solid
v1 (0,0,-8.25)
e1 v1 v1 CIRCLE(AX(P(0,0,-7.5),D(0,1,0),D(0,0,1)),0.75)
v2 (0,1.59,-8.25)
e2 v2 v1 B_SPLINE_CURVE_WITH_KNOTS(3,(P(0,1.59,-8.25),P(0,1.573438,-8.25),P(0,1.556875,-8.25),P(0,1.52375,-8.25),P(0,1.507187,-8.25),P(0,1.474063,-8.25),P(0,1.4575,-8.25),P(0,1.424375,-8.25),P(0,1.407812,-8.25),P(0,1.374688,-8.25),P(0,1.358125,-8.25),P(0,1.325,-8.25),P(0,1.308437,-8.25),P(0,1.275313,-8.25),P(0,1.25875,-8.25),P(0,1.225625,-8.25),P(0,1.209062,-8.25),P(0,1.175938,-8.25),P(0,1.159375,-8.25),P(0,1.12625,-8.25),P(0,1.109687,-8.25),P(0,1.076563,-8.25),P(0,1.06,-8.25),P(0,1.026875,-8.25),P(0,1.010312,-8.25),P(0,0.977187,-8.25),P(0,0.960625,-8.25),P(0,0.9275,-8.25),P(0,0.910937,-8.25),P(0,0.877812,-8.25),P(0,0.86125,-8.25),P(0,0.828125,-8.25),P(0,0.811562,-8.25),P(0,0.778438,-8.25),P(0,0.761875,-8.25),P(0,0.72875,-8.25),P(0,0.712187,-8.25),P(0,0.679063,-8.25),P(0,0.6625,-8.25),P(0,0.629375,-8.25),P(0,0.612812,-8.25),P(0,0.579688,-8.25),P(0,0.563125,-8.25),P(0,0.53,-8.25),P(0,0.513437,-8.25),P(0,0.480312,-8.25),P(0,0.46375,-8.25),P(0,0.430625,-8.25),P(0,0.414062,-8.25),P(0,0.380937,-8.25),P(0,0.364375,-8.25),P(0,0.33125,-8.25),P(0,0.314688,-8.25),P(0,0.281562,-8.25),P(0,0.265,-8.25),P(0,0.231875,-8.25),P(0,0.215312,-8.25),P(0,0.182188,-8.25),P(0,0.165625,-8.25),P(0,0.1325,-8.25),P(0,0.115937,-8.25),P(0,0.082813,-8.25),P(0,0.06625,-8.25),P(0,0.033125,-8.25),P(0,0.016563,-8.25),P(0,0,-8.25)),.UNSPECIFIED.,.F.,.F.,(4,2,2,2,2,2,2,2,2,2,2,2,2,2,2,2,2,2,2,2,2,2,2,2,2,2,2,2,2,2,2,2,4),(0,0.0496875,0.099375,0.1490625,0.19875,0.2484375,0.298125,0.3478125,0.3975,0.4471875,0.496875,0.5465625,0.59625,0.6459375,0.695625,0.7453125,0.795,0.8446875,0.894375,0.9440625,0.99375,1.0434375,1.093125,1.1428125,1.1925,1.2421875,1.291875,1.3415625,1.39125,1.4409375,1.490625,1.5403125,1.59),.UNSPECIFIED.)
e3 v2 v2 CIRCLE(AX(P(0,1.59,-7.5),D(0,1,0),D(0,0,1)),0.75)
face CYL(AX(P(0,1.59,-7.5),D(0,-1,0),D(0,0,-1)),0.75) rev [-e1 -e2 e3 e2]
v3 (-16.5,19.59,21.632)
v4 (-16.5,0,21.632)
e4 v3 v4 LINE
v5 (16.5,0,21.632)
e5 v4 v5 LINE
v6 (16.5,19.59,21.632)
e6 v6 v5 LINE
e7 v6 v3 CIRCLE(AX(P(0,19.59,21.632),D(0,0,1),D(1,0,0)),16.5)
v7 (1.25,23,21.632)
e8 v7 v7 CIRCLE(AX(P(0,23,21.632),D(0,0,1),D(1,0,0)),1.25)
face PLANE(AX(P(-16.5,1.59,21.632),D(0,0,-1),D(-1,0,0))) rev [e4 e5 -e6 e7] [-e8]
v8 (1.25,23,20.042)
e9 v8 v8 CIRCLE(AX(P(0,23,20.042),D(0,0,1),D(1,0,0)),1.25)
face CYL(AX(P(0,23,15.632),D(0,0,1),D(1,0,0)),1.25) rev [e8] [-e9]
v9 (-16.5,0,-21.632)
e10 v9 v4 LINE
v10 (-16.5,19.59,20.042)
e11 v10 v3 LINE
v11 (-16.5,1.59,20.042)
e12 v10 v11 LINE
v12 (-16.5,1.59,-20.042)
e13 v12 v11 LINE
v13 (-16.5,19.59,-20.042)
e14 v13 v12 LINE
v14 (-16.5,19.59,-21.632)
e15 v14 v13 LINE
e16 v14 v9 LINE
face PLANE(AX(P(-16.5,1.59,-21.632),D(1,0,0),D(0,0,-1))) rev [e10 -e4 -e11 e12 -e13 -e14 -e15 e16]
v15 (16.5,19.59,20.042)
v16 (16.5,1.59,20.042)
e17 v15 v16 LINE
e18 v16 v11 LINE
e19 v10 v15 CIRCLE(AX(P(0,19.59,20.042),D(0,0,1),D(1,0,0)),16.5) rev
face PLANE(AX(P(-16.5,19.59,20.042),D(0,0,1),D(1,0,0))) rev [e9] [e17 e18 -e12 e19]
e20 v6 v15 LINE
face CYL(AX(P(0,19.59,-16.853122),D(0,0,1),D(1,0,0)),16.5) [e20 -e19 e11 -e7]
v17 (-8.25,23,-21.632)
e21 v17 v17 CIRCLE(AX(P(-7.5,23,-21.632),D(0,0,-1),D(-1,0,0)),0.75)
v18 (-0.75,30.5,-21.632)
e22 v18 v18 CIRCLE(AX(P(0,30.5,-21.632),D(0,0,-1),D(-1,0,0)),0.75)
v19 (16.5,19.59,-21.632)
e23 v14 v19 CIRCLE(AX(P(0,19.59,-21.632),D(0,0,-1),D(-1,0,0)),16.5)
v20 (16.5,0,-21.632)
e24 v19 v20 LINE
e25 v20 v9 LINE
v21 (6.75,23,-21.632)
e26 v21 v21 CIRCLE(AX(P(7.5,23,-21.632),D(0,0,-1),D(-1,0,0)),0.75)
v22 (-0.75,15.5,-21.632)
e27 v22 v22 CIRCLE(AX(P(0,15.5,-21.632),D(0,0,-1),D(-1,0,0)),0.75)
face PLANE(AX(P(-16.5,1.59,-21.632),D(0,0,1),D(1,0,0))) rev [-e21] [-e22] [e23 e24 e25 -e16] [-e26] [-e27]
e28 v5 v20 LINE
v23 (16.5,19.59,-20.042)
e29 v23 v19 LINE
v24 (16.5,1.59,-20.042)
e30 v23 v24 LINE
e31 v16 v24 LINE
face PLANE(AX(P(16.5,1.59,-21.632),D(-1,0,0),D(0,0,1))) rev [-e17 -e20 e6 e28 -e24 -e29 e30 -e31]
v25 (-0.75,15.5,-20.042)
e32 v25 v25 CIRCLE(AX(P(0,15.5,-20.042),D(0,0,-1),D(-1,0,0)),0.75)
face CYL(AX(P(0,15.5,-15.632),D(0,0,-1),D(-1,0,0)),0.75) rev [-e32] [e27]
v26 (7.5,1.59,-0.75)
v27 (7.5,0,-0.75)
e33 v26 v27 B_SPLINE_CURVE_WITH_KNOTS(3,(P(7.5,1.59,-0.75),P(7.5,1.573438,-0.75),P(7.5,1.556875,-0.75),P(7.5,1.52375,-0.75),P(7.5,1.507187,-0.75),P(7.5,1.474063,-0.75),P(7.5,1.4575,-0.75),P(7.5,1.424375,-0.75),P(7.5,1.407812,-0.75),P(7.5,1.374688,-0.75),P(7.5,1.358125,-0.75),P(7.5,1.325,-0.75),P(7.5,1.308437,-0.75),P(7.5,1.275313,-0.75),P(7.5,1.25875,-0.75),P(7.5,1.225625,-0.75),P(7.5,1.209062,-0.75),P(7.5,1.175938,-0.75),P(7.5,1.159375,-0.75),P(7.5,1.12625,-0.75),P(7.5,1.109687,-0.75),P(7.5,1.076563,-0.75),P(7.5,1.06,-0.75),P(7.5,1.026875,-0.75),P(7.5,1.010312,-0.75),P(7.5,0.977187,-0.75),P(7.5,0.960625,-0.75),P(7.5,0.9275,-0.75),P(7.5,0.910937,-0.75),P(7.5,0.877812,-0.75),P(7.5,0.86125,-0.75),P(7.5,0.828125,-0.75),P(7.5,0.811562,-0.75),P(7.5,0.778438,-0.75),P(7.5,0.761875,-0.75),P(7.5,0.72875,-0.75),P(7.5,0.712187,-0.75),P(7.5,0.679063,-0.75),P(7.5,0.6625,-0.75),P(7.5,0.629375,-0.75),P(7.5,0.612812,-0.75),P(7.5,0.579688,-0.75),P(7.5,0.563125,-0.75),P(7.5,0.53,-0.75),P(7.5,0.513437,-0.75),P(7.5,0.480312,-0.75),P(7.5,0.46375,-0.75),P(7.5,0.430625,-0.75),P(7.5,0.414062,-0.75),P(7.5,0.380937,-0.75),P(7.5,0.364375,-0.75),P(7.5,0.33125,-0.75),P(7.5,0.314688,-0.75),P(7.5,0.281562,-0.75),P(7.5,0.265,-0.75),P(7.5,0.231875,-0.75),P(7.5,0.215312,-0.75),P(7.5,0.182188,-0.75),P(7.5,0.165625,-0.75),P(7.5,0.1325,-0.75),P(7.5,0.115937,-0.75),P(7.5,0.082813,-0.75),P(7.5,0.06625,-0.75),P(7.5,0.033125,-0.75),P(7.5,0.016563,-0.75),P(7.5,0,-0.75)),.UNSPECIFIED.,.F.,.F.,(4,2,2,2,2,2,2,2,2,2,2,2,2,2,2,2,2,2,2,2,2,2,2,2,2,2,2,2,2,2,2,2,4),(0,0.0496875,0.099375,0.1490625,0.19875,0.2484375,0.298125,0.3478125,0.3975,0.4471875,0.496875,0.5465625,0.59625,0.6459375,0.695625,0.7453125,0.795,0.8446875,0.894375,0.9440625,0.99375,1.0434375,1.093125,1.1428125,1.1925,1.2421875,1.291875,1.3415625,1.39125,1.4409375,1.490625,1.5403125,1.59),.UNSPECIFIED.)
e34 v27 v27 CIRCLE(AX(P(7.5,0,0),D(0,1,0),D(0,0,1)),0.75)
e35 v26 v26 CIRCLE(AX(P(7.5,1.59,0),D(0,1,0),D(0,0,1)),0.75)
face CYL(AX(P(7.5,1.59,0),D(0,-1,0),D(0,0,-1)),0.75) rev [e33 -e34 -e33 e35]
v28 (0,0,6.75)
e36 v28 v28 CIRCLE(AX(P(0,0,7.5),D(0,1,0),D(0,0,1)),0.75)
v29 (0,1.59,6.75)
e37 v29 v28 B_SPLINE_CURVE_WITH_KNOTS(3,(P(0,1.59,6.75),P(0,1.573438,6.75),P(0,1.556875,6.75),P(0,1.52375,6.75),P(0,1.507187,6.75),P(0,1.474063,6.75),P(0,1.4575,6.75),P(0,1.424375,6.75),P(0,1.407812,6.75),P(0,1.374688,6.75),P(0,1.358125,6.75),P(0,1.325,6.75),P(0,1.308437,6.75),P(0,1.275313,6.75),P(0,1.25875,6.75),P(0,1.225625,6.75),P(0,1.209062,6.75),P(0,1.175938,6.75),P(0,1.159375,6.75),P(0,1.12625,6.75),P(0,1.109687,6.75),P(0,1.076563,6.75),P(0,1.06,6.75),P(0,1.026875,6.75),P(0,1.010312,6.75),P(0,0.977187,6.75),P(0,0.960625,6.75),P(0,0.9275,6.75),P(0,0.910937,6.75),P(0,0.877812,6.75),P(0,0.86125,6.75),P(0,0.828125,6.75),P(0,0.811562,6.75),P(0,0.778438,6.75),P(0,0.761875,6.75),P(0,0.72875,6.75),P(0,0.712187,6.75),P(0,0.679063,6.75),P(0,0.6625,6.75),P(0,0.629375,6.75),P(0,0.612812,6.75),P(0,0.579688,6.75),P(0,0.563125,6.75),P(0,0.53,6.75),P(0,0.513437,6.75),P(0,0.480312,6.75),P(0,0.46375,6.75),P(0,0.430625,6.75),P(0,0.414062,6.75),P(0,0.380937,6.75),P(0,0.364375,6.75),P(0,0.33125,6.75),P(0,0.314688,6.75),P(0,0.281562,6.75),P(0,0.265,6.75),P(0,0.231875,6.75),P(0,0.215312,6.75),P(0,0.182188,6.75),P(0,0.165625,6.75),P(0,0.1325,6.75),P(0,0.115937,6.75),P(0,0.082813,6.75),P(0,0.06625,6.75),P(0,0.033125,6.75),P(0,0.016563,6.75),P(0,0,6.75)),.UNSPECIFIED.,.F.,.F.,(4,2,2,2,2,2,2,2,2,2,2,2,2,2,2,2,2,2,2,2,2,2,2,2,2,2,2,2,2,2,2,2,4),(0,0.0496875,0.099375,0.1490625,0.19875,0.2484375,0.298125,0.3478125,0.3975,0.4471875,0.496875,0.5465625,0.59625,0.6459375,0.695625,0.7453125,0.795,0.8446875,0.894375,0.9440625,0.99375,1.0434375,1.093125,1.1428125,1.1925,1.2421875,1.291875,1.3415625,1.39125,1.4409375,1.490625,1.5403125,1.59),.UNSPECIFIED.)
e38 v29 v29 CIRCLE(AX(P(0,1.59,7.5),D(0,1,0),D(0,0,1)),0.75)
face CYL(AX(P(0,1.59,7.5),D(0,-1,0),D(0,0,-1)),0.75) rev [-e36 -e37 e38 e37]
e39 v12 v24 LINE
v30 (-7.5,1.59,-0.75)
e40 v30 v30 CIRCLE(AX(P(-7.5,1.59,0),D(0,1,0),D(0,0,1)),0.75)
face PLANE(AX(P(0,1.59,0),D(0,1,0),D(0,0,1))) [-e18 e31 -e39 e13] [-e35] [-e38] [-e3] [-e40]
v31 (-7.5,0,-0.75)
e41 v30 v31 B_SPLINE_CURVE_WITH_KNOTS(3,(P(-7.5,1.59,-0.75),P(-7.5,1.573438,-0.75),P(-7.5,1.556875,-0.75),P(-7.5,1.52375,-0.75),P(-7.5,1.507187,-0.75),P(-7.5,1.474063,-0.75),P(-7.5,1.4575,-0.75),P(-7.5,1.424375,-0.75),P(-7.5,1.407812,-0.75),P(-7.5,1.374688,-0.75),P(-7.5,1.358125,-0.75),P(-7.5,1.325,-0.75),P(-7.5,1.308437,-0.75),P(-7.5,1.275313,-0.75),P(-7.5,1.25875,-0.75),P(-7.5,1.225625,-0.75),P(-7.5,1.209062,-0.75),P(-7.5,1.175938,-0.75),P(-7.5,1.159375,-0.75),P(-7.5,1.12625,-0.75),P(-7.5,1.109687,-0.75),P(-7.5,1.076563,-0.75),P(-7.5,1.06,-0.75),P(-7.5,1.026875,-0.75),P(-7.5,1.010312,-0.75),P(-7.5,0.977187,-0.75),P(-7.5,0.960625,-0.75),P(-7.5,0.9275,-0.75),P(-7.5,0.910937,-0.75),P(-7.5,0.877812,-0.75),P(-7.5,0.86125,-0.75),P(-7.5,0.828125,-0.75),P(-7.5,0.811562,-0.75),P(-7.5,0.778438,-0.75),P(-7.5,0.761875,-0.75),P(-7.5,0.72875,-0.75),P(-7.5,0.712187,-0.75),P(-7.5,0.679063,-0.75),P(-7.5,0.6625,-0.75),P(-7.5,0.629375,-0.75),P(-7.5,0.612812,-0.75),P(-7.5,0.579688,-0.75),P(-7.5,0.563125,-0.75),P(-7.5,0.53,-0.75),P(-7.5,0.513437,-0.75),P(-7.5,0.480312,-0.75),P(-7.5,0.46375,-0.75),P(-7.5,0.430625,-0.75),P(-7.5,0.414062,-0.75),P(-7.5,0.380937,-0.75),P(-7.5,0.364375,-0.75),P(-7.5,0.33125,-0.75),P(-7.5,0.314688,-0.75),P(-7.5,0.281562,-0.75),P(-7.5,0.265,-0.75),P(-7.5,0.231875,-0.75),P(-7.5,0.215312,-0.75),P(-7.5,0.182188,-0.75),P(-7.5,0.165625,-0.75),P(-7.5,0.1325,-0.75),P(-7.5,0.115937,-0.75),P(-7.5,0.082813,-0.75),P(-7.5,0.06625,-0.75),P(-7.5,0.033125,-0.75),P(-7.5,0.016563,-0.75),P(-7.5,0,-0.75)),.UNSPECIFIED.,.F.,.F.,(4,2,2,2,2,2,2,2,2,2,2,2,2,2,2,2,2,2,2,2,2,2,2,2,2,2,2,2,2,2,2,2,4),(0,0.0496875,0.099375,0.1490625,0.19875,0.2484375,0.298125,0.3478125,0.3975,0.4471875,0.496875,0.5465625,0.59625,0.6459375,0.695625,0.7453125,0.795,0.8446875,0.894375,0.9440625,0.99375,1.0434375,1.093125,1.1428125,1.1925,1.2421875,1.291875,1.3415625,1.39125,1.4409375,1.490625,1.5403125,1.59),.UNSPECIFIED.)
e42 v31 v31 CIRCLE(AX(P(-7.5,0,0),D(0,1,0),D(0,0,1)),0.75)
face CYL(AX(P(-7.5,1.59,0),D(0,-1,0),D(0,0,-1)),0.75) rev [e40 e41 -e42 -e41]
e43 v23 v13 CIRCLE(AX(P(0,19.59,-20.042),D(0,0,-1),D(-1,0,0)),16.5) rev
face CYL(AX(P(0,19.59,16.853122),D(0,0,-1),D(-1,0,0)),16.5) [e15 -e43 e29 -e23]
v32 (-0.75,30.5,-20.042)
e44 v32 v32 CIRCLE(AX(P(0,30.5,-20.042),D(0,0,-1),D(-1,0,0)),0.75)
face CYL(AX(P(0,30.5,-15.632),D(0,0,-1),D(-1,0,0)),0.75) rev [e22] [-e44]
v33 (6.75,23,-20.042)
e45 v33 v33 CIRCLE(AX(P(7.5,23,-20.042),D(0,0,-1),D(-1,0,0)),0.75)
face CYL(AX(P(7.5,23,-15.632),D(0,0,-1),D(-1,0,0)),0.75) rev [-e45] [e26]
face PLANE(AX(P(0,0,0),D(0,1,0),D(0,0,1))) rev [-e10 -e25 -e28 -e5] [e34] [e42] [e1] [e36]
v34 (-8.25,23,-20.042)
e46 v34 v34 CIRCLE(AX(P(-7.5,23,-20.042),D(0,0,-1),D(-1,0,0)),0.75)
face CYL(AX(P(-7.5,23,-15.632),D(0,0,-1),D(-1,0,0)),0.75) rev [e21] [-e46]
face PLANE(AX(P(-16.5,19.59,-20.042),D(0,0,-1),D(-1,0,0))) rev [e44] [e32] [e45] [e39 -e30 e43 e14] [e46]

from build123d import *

# Parameters (mm, degrees)
SKETCH1_W           = 33
SKETCH1_H           = 43.264
SKETCH1_R           = 0.75
BOSS_EXTRUDE1_DEPTH = 1.59
SKETCH2_W           = 33
SKETCH2_H           = 1.59
BOSS_EXTRUDE2_DEPTH = 18
BOSS_EXTRUDE3_DEPTH = 1.59
BOSS_EXTRUDE4_START = -1.59
BOSS_EXTRUDE4_DEPTH = 1.59
SKETCH5_R           = 1.25
CUT_EXTRUDE1_DEPTH  = 6
SKETCH6_R           = 0.75
CUT_EXTRUDE2_DEPTH  = 6


with BuildPart() as part:
    # Sketch1 → Boss-Extrude1 (new body)
    with BuildSketch(Plane(origin=(0, 0, 0), x_dir=(1, 0, 0), z_dir=(0, 1, 0))):
        Rectangle(SKETCH1_W, SKETCH1_H)
        with Locations(Location((0, 7.5, 0), (0, 0, 90))):
            Circle(SKETCH1_R, mode=Mode.SUBTRACT)
        with Locations(Location((0, -7.5, 0), (0, 0, 90))):
            Circle(SKETCH1_R, mode=Mode.SUBTRACT)
        with Locations(Location((7.5, 0, 0), (0, 0, 90))):
            Circle(SKETCH1_R, mode=Mode.SUBTRACT)
        with Locations(Location((-7.5, 0, 0), (0, 0, 90))):
            Circle(SKETCH1_R, mode=Mode.SUBTRACT)
    extrude(amount=BOSS_EXTRUDE1_DEPTH)

    # Sketch2 → Boss-Extrude2 (add)
    with BuildSketch(Plane(origin=(0, 1.59, 0), x_dir=(1, 0, 0), z_dir=(0, 1, 0))):
        with Locations((0, 20.837)):
            Rectangle(SKETCH2_W, SKETCH2_H)
        with Locations((0, -20.837)):
            Rectangle(SKETCH2_W, SKETCH2_H)
    extrude(amount=BOSS_EXTRUDE2_DEPTH)

    # Sketch3 → Boss-Extrude3 (add)
    with BuildSketch(Plane.XY.offset(21.632)):
        with BuildLine():
            Line((-16.5, 19.59), (16.5, 19.59))
            ThreePointArc((16.5, 19.59), (0, 36.09), (-16.5, 19.59))
        make_face()
    extrude(amount=-BOSS_EXTRUDE3_DEPTH)

    # Sketch4 → Boss-Extrude4 (add)
    with BuildSketch(Plane(origin=(0, 0, -21.632), x_dir=(-1, 0, 0), z_dir=(0, 0, -1)).offset(BOSS_EXTRUDE4_START)):
        with BuildLine():
            Line((-16.5, 19.59), (16.5, 19.59))
            ThreePointArc((16.5, 19.59), (0, 36.09), (-16.5, 19.59))
        make_face()
    extrude(amount=BOSS_EXTRUDE4_DEPTH)

    # Sketch5 → Cut-Extrude1 (cut)
    with BuildSketch(Plane.XY.offset(21.632)):
        with Locations((0, 23)):
            Circle(SKETCH5_R)
    extrude(amount=-CUT_EXTRUDE1_DEPTH, mode=Mode.SUBTRACT)

    # Sketch6 → Cut-Extrude2 (cut)
    with BuildSketch(Plane(origin=(0, 0, -21.632), x_dir=(-1, 0, 0), z_dir=(0, 0, -1))):
        with Locations((0, 30.5)):
            Circle(SKETCH6_R)
        with Locations((0, 15.5)):
            Circle(SKETCH6_R)
        with Locations((7.5, 23)):
            Circle(SKETCH6_R)
        with Locations((-7.5, 23)):
            Circle(SKETCH6_R)
    extrude(amount=-CUT_EXTRUDE2_DEPTH, mode=Mode.SUBTRACT)


solid = part.part
